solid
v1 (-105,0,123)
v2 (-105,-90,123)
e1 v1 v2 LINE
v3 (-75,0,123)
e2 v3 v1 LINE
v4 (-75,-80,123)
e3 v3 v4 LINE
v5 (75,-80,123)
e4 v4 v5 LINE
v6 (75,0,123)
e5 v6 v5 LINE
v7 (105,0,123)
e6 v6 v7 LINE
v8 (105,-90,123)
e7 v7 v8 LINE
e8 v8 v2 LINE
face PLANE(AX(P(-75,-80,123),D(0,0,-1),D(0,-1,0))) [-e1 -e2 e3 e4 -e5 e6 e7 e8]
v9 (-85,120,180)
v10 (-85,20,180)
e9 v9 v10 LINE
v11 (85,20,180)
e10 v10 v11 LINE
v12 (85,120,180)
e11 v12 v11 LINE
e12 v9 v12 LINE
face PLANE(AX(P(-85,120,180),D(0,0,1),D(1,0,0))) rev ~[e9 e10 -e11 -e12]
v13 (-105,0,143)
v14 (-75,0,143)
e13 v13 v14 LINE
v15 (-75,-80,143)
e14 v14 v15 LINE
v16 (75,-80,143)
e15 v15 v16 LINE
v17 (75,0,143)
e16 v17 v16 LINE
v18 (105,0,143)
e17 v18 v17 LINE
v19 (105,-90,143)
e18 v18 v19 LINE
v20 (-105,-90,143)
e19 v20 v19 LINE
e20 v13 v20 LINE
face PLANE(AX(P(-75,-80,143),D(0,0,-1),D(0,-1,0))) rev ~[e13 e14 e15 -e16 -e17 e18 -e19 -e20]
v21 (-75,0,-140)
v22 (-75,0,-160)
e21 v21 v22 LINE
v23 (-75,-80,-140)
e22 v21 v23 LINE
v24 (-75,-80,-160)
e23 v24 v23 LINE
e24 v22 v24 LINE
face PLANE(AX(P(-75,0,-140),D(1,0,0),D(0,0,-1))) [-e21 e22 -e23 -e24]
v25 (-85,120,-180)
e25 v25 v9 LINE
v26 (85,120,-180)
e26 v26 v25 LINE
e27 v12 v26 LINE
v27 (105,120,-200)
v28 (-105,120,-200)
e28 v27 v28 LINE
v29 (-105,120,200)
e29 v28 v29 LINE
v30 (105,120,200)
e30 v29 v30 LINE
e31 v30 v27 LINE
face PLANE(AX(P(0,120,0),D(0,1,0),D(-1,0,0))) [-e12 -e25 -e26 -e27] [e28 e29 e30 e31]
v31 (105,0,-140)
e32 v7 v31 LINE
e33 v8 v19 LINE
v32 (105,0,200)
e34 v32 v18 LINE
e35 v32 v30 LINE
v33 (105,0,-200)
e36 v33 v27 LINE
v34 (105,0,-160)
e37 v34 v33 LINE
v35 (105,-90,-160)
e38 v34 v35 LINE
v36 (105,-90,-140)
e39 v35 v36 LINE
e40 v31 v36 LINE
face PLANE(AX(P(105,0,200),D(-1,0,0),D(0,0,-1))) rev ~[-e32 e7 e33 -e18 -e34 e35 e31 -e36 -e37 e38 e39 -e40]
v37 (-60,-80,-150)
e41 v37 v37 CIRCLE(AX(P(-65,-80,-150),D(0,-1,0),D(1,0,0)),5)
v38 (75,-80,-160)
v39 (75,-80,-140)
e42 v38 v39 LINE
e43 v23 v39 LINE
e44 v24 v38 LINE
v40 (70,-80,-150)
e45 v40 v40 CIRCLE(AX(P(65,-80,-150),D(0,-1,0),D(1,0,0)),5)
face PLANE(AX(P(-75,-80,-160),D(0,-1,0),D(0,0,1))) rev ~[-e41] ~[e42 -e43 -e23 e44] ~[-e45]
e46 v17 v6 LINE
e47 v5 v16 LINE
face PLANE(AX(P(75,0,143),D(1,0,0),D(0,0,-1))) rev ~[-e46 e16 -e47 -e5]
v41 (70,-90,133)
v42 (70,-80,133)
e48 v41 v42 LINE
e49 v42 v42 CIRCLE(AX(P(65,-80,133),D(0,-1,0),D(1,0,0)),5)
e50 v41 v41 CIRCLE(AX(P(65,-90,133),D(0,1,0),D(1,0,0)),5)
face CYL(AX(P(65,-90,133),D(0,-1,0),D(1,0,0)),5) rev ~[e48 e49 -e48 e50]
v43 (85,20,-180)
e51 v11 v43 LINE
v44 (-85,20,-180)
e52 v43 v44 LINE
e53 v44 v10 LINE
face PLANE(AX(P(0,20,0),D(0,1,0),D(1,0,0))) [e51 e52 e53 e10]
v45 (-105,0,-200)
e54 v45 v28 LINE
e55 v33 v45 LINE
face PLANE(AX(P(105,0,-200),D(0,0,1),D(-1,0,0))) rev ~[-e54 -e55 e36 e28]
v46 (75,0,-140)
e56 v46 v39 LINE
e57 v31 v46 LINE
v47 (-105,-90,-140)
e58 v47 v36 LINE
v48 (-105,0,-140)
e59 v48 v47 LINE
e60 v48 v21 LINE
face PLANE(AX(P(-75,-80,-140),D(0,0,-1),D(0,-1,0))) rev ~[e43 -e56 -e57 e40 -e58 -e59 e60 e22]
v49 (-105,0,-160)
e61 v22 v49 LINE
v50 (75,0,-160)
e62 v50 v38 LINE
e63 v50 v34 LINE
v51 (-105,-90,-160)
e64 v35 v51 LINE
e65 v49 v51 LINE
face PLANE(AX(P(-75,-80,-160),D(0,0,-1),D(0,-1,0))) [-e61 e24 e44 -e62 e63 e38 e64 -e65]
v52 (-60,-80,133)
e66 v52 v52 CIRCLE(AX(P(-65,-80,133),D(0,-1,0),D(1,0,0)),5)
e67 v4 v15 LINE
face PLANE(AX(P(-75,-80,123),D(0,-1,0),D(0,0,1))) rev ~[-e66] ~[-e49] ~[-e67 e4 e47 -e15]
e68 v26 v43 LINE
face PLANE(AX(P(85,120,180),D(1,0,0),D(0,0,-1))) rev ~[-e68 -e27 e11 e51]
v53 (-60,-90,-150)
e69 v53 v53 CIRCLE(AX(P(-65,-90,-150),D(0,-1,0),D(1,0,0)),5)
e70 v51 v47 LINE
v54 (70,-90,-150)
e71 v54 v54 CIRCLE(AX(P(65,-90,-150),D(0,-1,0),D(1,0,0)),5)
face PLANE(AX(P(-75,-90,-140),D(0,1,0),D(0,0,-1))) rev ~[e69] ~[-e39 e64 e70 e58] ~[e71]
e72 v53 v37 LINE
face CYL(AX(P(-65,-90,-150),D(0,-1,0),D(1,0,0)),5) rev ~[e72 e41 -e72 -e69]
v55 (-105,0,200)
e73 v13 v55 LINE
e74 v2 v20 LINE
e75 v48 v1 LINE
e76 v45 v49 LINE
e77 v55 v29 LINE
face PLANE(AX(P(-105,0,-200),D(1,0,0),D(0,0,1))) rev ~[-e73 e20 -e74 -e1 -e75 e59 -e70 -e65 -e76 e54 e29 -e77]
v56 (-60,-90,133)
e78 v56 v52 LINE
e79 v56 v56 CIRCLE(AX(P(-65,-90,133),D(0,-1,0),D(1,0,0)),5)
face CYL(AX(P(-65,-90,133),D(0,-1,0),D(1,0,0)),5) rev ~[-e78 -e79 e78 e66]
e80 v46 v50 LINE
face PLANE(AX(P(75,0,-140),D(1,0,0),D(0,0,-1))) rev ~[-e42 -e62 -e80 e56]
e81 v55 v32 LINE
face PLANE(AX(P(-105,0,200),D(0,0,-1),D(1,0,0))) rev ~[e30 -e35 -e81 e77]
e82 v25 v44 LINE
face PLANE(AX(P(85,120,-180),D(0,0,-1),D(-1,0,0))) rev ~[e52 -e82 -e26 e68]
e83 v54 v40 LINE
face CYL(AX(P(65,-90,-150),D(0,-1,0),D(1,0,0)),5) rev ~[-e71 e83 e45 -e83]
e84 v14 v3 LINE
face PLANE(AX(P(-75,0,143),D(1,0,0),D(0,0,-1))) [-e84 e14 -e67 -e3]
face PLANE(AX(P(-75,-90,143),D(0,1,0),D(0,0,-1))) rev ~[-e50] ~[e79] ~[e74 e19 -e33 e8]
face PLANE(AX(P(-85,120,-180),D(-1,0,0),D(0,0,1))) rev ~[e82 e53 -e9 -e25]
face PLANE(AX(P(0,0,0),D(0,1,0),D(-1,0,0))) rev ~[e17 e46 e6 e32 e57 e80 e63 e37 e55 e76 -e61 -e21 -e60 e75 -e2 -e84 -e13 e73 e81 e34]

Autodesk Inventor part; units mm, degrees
ref_plane "YZ Plane" through (0, 0, 0) normal (1, 0, 0) x (0, 1, 0)
ref_plane "XZ Plane" through (0, 0, 0) normal (0, 1, 0) x (-1, 0, 0)
ref_plane "XY Plane" through (0, 0, 0) normal (0, 0, 1) x (1, 0, 0)
sketch "Boceto1" plane through (0, 0, 0) normal (0, 1, 0) x (-1, 0, 0)
  line L0 (105, 200) -> (-105, 200)
  line L1 (-105, 200) -> (-105, -200)
  line L2 (-105, -200) -> (105, -200)
  line L3 (105, -200) -> (105, 200)
  line L4 (105, 200) -> (-105, -200) construction
  line L5 (-105, 200) -> (105, -200) construction
  point P0 (0, 0)
  dimension "d0" = 210
  dimension "d1" = 400
extrude "Extrusión1" add sketch "Boceto1" along normal blind 120
sketch "Boceto2" plane through (0, 120, 0) normal (0, 1, 0) x (1, 0, 0)
  line L0 (-85, -180) -> (85, -180)
  line L1 (85, -180) -> (85, 180)
  line L2 (85, 180) -> (-85, 180)
  line L3 (-85, 180) -> (-85, -180)
  line L4 (-85, -180) -> (85, 180) construction
  line L5 (85, -180) -> (-85, 180) construction
  point P0 (0, 0)
  dimension "d4" = 170
  dimension "d5" = 360
extrude "Extrusión2" cut sketch "Boceto2" against normal blind 100
sketch "Boceto3" plane through (0, 0, 0) normal (0, -1, 0) x (1, 0, 0)
  line L0 (105, 143) -> (75, 143)
  line L1 (75, 143) -> (75, 123)
  line L2 (75, 123) -> (105, 123)
  line L3 (105, 123) -> (105, 143)
  line L4 (105, 143) -> (75, 123) construction
  line L5 (75, 143) -> (105, 123) construction
  line L6 (105, -140) -> (75, -140)
  line L7 (75, -140) -> (75, -160)
  line L8 (75, -160) -> (105, -160)
  line L9 (105, -160) -> (105, -140)
  line L10 (105, -140) -> (75, -160) construction
  line L11 (75, -140) -> (105, -160) construction
  line L12 (105, -200) -> (-105, -200) projected
  line L13 (-105, 143) -> (-75, 143)
  line L14 (-75, 143) -> (-75, 123)
  line L15 (-75, 123) -> (-105, 123)
  line L16 (-105, 123) -> (-105, 143)
  line L17 (-105, 143) -> (-75, 123) construction
  line L18 (-75, 143) -> (-105, 123) construction
  line L19 (-105, -140) -> (-75, -140)
  line L20 (-75, -140) -> (-75, -160)
  line L21 (-75, -160) -> (-105, -160)
  line L22 (-105, -160) -> (-105, -140)
  line L23 (-105, -140) -> (-75, -160) construction
  line L24 (-75, -140) -> (-105, -160) construction
  line L25 (-105, 200) -> (105, 200) projected
  point P0 (0, 0)
  point P1 (90, 133)
  point P2 (105, 133)
  point P3 (90, -150)
  point P4 (105, -150)
  point P5 (-90, 35)
  point P6 (-105, 35)
  point P7 (-90, -150)
  point P8 (-105, -150)
  point P9 (-90, 143)
  dimension "d9" = 20
  dimension "d12" = 20
  dimension "d34" = 57
  dimension "d35" = 57
  dimension "d36" = 20
  dimension "d37" = 40
  dimension "d38" = 40
extrude "Extrusión3" add sketch "Boceto3" along normal blind 90
sketch "Boceto6" plane through (-75, 0, 143) normal (1, 0, 0) x (0, 0, -1)
  line L0 (0, 0) -> (0, -90) projected
  line L1 (20, 0) -> (20, -90) projected
  line L2 (0, -90) -> (20, -90)
  line L3 (20, -90) -> (20, -80)
  line L4 (20, -80) -> (0, -80)
  line L5 (0, -80) -> (0, -90)
  point P0 (143, 0)
  dimension "d16" = 10
extrude "Extrusión4" add sketch "Boceto6" along normal blind 150
sketch "Boceto7" plane through (-75, 0, -140) normal (1, 0, 0) x (0, 0, -1)
  line L0 (0, 0) -> (0, -90) projected
  line L1 (20, 0) -> (20, -90) projected
  line L2 (0, -90) -> (20, -90)
  line L3 (20, -90) -> (20, -80)
  line L4 (20, -80) -> (0, -80)
  line L5 (0, -80) -> (0, -90)
  point P0 (-140, 0)
  dimension "d19" = 10
extrude "Extrusión5" add sketch "Boceto7" along normal blind 150
sketch "Boceto8" plane through (0, -90, 0) normal (0, -1, 0) x (1, 0, 0)
  circle A0 centre (-65, 133) radius 5
  circle A1 centre (65, 133) radius 5
  line L0 (-105, 143) -> (-105, 123) projected
  line L1 (105, 123) -> (105, 143) projected
  line L2 (60, 123) -> (60, 143)
  line L3 (105, 143) -> (-105, 143) projected
  point P0 (0, 0)
  dimension "d22" = 10
  dimension "d23" = 10
  dimension "d24" = 40
  dimension "d25" = 40
  dimension "d39" = 10
  dimension "d40" = 10
sketch "Boceto9" plane through (0, -90, 0) normal (0, -1, 0) x (1, 0, 0)
  circle A0 centre (-65, -150) radius 5
  circle A1 centre (65, -150) radius 5
  line L0 (-105, -140) -> (-105, -160) projected
  line L1 (105, -160) -> (105, -140) projected
  point P0 (0, 0)
  dimension "d26" = 10
  dimension "d27" = 10
  dimension "d28" = 40
  dimension "d29" = 40
extrude "Extrusión6" cut sketch "Boceto8" against normal blind 20
extrude "Extrusión7" cut sketch "Boceto9" against normal blind 20
properties part number "container"
